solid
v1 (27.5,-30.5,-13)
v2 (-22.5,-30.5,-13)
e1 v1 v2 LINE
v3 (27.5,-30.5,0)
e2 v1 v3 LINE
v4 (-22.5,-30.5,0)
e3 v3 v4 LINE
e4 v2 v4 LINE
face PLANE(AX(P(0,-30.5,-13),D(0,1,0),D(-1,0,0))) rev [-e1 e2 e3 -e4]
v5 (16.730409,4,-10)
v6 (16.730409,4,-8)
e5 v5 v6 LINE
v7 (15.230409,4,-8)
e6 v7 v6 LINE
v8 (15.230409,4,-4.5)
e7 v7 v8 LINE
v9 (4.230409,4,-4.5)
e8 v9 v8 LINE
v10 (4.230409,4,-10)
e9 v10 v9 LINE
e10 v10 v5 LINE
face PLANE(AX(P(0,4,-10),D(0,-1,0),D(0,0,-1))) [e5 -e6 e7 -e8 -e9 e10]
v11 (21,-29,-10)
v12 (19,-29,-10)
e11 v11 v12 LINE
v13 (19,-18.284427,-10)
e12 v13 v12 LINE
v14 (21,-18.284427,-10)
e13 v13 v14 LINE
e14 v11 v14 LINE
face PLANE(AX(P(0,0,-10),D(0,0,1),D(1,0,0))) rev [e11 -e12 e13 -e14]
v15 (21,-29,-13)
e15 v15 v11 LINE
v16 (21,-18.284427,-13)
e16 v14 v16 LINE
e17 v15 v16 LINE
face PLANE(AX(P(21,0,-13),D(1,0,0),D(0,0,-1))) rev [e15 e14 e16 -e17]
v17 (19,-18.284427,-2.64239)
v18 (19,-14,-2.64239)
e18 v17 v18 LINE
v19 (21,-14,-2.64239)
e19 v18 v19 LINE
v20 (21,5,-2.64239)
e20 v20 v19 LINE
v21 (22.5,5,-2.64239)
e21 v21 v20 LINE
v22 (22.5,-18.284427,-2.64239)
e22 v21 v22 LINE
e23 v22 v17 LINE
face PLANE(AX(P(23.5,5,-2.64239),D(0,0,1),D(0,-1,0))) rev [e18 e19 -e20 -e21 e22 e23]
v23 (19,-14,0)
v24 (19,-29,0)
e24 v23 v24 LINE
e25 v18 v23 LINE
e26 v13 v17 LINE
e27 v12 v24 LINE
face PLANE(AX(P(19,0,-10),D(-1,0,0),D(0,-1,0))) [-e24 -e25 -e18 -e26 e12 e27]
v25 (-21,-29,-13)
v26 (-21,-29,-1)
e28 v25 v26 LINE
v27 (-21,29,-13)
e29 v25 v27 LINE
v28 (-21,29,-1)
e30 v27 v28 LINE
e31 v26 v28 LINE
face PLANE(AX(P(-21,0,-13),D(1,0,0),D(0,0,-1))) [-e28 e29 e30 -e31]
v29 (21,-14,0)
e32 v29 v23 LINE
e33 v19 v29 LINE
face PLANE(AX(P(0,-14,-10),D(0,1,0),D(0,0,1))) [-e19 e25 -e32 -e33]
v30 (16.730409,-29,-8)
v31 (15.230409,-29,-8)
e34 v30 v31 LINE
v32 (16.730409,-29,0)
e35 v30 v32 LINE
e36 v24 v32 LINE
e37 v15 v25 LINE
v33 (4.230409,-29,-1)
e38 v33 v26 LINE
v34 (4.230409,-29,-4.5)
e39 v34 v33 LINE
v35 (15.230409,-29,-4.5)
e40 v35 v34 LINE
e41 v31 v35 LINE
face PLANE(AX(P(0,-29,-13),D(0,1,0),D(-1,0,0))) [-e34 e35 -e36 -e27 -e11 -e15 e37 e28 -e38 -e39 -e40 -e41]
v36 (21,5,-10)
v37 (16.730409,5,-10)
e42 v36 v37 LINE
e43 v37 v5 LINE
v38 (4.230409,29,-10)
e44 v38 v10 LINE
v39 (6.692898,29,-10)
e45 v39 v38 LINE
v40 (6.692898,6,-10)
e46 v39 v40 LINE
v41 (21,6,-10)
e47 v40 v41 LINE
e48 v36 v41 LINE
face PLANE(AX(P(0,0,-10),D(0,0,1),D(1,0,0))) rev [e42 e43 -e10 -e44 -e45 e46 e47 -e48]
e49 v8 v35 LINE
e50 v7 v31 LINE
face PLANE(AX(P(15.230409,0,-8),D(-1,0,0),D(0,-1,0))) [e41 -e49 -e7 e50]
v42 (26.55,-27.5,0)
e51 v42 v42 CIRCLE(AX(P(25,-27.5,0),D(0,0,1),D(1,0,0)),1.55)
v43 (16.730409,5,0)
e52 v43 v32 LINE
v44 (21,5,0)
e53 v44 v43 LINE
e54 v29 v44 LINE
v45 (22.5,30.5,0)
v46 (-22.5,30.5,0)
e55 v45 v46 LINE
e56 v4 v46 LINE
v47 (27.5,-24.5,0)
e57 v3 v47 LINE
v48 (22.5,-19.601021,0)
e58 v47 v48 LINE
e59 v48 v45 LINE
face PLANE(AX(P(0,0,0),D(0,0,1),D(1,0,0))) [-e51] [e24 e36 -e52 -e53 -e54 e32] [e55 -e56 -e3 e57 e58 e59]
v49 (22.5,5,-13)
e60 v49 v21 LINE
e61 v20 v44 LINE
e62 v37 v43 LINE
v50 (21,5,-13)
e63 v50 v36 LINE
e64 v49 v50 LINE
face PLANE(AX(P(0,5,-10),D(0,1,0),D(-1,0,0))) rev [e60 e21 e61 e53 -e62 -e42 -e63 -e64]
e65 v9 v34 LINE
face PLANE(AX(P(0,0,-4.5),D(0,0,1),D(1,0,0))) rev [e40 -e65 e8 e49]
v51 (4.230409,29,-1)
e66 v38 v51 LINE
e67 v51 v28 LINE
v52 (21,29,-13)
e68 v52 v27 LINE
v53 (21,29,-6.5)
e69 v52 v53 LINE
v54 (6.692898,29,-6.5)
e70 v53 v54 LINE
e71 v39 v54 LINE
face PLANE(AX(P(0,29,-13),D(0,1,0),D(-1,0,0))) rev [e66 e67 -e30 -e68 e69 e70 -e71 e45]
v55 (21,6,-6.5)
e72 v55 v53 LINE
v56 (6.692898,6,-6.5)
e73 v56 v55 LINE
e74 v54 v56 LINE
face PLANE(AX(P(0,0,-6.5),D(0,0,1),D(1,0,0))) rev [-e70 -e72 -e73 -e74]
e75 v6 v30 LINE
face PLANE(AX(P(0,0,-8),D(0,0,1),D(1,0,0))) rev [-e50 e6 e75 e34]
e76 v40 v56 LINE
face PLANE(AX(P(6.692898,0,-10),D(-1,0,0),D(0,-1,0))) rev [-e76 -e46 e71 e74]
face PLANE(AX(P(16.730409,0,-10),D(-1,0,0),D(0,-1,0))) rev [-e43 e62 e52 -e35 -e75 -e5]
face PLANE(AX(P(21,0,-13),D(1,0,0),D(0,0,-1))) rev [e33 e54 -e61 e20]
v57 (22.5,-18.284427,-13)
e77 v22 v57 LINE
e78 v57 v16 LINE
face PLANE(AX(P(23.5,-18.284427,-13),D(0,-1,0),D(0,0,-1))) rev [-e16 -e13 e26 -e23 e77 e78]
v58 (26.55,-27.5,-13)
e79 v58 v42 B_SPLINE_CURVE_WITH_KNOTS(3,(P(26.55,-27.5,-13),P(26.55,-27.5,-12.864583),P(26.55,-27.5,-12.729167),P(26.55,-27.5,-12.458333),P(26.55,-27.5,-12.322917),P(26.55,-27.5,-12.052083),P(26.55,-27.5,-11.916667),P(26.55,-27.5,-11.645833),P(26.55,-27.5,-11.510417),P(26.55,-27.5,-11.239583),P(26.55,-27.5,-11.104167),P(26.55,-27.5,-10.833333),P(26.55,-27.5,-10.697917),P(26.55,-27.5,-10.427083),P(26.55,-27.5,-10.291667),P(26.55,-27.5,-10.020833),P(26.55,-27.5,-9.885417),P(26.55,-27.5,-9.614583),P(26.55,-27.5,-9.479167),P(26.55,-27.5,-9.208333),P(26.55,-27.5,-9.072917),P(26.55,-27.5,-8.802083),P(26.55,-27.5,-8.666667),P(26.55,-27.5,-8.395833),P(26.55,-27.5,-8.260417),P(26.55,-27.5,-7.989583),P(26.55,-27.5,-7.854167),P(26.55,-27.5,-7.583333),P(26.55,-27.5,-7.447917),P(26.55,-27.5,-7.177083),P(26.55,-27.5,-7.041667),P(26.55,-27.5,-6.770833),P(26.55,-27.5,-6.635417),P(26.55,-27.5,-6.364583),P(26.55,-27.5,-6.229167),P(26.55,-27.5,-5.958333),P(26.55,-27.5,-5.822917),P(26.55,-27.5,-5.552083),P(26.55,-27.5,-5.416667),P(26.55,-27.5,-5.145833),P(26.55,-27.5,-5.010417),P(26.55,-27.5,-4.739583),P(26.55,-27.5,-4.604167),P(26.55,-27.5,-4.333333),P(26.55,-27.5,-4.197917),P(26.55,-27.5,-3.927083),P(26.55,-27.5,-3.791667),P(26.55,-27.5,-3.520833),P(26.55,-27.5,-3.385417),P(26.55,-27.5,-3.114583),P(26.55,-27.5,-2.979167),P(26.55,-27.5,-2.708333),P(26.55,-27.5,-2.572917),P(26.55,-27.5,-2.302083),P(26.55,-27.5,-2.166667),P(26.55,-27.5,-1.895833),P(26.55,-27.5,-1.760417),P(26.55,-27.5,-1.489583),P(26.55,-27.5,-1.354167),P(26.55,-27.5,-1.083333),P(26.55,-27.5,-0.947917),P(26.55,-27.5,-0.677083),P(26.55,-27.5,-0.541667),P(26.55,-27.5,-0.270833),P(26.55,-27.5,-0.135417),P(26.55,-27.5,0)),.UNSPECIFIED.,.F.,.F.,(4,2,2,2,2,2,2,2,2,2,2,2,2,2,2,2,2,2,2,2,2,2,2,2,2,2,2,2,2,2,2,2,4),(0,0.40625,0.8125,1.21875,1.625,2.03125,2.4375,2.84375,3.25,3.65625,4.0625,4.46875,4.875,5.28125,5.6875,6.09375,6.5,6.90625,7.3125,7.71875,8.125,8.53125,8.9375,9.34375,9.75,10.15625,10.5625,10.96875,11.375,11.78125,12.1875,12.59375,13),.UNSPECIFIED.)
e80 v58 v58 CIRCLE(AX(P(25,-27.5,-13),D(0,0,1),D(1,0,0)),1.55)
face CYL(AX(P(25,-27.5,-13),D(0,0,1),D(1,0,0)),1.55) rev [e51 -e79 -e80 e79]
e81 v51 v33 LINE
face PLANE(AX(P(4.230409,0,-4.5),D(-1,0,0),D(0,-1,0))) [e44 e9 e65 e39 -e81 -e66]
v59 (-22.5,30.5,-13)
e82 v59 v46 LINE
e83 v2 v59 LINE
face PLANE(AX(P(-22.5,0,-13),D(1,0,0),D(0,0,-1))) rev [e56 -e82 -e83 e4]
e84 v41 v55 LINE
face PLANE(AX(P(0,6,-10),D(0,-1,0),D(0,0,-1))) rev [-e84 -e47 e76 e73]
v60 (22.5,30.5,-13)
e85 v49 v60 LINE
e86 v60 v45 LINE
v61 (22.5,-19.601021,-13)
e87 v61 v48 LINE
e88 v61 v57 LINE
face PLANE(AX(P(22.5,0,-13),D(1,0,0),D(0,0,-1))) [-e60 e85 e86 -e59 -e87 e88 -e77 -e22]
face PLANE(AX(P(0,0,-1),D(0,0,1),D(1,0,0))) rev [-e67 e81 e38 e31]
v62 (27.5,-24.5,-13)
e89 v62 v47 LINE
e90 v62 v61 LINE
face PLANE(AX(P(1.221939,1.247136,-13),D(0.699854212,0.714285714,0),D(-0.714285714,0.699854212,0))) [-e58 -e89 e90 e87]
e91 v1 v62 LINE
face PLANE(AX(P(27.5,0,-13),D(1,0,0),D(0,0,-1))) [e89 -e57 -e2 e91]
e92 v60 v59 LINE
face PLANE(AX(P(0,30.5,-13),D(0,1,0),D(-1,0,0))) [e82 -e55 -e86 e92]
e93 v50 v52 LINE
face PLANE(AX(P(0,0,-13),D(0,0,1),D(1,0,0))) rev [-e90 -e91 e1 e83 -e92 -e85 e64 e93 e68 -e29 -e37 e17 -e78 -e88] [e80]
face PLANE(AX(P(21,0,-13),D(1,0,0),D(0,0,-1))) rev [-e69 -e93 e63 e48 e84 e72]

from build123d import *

# Parameters (mm, degrees)
SKETCH_1_W          = 42
SKETCH_1_H          = 58
SKETCH_1_R          = 1.55
EXTRUDE_1_DEPTH     = 13
EXTRUDE_2_DEPTH     = 1
SKETCH_1_4_W        = 11
SKETCH_1_4_H        = 33
EXTRUDE_3_DEPTH     = 4.5
SKETCH_1_5_W        = 14.30710185
SKETCH_1_5_H        = 23
EXTRUDE_4_DEPTH     = 6.5
SKETCH_1_6_W        = 2
SKETCH_1_6_H        = 15
EXTRUDE_5_DEPTH     = 10
SKETCH_1_8_W        = 1.5
SKETCH_1_8_H        = 33
EXTRUDE_6_DEPTH     = 8
SKETCH_2_W          = 10.357609848
SKETCH_2_H          = 23.284426604
CUT_EXTRUDE_1_DEPTH = 2.5


with BuildPart() as part:
    # 草图1 → 凸台-拉伸1 (new body)
    with BuildSketch(Plane.XY):
        Polygon((22.5, -19.601020514), (22.5, 30.5), (-22.5, 30.5), (-22.5, -30.5), (27.5, -30.5), (27.5, -24.5), align=None)
        Rectangle(SKETCH_1_W, SKETCH_1_H, mode=Mode.SUBTRACT)
        with Locations((25, -27.5)):
            Circle(SKETCH_1_R, mode=Mode.SUBTRACT)
    extrude(amount=-EXTRUDE_1_DEPTH)

    # 草图1<3> → 凸台-拉伸2 (add)
    with BuildSketch(Plane.XY):
        Polygon((-21, -29), (4.230409418, -29), (4.230409418, 4), (4.230409418, 29), (-21, 29), align=None)
    extrude(amount=-EXTRUDE_2_DEPTH)

    # 草图1<4> → 凸台-拉伸3 (add)
    with BuildSketch(Plane.XY):
        with Locations((9.730409418, -12.5)):
            Rectangle(SKETCH_1_4_W, SKETCH_1_4_H)
    extrude(amount=-EXTRUDE_3_DEPTH)

    # 草图1<5> → 凸台-拉伸4 (add)
    with BuildSketch(Plane.XY):
        with Locations((13.846449075, 17.5)):
            Rectangle(SKETCH_1_5_W, SKETCH_1_5_H)
    extrude(amount=-EXTRUDE_4_DEPTH)

    # 草图1<6> → 凸台-拉伸5 (add)
    with BuildSketch(Plane.XY):
        with Locations((20, -21.5)):
            Rectangle(SKETCH_1_6_W, SKETCH_1_6_H)
        Polygon((16.730409418, 5), (21, 5), (21, 6), (6.69289815, 6), (6.69289815, 29), (4.230409418, 29), (4.230409418, 4), (16.730409418, 4), align=None)
    extrude(amount=-EXTRUDE_5_DEPTH)

    # 草图1<8> → 凸台-拉伸6 (add)
    with BuildSketch(Plane.XY):
        with Locations((15.980409418, -12.5)):
            Rectangle(SKETCH_1_8_W, SKETCH_1_8_H)
    extrude(amount=-EXTRUDE_6_DEPTH)

    # 草图2 → 切除-拉伸1 (cut, symmetric)
    with BuildSketch(Plane.ZY.offset(-21)):
        with Locations((-7.821195076, -6.642213302)):
            Rectangle(SKETCH_2_W, SKETCH_2_H)
    extrude(amount=CUT_EXTRUDE_1_DEPTH, both=True, mode=Mode.SUBTRACT)


solid = part.part
